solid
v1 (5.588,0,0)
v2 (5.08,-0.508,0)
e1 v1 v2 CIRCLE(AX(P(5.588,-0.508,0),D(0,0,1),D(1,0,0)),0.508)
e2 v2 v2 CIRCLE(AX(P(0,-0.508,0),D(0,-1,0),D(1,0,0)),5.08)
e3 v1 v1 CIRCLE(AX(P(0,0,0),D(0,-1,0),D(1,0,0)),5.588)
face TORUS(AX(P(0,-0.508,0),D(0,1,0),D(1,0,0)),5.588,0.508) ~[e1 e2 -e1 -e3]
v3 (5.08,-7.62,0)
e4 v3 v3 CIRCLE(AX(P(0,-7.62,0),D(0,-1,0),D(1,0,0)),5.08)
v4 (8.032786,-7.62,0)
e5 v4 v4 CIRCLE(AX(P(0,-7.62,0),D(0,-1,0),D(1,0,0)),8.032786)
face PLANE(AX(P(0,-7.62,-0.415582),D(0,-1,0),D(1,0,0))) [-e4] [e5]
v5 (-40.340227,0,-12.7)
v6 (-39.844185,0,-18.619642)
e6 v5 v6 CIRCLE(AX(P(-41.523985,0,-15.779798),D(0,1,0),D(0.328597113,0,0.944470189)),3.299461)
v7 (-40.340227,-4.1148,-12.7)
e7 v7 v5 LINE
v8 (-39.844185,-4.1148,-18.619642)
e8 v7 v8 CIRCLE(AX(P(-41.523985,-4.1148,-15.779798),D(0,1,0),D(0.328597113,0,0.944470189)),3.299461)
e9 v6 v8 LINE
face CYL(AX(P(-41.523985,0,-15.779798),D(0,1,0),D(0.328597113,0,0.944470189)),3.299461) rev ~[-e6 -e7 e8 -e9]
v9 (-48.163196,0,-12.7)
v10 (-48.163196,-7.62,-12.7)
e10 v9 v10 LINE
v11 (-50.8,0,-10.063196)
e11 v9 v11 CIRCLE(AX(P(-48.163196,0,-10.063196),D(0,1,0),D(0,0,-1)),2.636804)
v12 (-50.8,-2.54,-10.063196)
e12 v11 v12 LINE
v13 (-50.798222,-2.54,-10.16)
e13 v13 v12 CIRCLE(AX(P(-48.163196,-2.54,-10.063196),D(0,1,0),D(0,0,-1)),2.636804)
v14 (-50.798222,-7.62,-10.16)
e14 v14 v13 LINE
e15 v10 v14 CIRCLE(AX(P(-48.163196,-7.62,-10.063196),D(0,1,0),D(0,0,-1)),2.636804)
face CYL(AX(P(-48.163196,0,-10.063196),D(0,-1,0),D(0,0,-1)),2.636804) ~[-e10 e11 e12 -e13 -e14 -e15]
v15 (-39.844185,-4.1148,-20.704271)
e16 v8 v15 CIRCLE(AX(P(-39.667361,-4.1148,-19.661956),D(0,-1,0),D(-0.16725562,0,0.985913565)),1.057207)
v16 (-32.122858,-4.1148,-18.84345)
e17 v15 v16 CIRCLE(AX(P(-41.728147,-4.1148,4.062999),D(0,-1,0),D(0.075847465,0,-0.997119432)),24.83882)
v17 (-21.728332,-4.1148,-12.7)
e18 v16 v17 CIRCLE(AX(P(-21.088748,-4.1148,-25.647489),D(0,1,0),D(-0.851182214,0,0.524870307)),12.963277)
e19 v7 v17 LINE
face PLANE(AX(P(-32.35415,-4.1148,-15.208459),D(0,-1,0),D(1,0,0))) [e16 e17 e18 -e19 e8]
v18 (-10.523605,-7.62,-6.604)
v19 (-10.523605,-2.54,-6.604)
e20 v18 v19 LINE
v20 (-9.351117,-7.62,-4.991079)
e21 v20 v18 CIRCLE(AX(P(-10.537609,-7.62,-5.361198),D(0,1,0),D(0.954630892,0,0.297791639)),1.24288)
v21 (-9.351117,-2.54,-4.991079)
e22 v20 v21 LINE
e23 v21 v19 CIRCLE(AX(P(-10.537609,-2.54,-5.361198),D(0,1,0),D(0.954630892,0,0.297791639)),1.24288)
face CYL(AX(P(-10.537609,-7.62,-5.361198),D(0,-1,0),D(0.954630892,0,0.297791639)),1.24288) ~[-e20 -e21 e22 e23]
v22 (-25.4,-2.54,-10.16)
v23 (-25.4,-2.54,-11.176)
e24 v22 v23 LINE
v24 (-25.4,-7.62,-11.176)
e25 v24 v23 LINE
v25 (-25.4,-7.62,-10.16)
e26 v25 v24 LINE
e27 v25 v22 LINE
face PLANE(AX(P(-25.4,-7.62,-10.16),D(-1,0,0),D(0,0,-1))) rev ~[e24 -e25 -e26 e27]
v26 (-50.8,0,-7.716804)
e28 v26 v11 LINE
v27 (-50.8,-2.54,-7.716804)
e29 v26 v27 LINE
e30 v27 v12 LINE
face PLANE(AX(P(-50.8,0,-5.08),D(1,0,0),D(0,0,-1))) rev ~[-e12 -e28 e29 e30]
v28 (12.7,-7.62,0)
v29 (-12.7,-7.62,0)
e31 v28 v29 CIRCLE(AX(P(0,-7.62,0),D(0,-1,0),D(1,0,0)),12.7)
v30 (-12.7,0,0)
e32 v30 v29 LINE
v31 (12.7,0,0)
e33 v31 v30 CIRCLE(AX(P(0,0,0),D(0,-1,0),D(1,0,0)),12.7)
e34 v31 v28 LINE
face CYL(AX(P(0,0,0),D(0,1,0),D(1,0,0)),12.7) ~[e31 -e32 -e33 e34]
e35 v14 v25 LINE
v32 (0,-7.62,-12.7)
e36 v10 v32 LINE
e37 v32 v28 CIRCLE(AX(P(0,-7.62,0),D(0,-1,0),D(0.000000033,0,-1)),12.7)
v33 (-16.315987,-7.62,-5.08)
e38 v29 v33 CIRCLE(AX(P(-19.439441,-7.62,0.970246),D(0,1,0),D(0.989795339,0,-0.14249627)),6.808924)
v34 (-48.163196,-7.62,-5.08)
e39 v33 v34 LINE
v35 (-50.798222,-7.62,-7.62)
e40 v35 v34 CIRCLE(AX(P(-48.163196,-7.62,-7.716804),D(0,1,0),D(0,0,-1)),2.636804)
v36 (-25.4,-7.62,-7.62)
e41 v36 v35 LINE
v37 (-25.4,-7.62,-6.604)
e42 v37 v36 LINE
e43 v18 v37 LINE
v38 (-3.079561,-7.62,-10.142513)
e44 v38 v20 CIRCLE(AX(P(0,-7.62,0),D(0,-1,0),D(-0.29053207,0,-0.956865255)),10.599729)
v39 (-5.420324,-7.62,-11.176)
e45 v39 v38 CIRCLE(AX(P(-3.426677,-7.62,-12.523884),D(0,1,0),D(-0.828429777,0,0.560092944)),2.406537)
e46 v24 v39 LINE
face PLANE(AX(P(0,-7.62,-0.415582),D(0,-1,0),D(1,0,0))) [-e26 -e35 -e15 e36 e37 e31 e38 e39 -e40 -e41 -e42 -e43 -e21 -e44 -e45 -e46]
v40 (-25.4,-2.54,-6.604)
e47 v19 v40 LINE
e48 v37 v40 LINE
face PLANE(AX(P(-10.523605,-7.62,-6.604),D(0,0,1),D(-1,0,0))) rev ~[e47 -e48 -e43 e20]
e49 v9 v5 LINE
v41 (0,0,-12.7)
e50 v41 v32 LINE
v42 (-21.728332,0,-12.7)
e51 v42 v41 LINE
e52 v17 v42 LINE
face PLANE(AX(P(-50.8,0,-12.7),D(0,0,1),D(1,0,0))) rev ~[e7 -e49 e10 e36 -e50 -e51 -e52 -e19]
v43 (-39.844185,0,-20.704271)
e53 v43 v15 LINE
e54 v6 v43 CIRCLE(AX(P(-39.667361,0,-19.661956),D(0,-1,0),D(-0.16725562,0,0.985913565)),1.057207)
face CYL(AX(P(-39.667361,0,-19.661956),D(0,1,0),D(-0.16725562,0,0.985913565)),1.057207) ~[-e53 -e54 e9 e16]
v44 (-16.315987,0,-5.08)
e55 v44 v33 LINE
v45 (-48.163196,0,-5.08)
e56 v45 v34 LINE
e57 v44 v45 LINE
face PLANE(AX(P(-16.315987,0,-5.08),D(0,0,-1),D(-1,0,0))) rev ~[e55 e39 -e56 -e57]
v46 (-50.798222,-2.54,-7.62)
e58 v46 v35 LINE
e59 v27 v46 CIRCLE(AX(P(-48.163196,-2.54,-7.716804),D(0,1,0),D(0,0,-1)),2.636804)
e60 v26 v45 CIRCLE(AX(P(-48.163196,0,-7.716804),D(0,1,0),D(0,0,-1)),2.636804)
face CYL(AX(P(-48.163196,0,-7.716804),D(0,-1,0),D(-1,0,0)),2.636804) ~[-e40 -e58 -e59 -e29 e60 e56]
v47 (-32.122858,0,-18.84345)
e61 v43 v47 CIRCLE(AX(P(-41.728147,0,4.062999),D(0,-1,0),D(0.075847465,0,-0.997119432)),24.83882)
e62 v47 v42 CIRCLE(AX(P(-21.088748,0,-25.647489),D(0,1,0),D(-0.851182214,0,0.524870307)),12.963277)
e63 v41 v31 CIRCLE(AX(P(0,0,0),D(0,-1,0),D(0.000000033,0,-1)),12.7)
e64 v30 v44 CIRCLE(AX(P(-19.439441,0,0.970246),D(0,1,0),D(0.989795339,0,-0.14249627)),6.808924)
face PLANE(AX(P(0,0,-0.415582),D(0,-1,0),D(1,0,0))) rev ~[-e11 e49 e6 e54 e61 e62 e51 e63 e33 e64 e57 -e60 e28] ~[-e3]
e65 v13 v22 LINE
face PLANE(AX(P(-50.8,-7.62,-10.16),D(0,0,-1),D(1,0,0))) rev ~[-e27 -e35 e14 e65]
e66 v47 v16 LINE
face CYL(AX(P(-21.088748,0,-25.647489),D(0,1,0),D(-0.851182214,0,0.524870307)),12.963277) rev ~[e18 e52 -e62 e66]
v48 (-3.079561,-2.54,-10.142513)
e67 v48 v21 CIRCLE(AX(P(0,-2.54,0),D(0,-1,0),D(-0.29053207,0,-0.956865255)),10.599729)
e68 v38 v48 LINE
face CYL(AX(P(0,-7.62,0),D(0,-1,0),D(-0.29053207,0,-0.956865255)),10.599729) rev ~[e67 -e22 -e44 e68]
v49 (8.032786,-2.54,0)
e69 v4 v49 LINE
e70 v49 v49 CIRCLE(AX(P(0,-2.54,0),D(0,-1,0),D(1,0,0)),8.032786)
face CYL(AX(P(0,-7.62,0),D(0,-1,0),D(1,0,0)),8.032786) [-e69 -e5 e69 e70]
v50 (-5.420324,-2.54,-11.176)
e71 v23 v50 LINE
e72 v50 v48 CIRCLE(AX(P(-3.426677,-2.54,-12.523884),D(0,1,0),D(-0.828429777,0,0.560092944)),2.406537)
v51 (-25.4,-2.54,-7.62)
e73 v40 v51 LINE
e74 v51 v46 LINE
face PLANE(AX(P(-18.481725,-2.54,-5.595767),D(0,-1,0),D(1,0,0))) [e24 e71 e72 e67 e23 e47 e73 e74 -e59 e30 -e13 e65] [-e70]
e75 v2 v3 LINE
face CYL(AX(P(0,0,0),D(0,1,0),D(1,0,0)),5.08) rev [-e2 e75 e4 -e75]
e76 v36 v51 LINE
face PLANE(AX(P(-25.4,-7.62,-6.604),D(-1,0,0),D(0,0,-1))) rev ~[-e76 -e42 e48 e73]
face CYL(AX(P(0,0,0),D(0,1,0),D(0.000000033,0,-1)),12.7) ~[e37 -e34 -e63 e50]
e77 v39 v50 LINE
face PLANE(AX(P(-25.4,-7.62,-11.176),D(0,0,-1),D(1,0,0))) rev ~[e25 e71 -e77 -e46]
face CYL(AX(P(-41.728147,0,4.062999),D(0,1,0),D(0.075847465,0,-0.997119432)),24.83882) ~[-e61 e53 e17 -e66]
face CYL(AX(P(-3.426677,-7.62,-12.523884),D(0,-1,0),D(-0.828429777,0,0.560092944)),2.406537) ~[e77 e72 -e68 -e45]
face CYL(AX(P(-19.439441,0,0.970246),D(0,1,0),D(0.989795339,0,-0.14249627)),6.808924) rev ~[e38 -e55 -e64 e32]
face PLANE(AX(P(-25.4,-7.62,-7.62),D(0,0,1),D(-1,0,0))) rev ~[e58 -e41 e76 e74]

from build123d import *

# Parameters (mm, degrees)
F0_R     = 5.08
F1_DEPTH = 7.62
F2_R     = 8.032786
F3_DEPTH = 5.08
F4_R     = 2.636804
F5_R     = 0.508
F7_DEPTH = 4.1148


with BuildPart() as f1:
    # F0 (on Front) → F1 (new body)
    with BuildSketch(Plane.XZ):
        with BuildLine():
            ThreePointArc((0, -12.7), (8.980256, -8.980256), (12.7, 0))
            ThreePointArc((12.7, 0), (0, 12.7), (-12.7, 0))
            ThreePointArc((-12.7, 0), (-8.980256, -8.980256), (0, -12.7))
        make_face()
        Circle(F0_R, mode=Mode.SUBTRACT)
        with BuildLine():
            ThreePointArc((0, -12.7), (-8.980256, -8.980256), (-12.7, 0))
            ThreePointArc((-12.7, 0), (-13.8923, -2.978256), (-16.315987, -5.08))
            Line((-16.315987, -5.08), (-50.8, -5.08))
            Line((-50.8, -5.08), (-50.8, -12.7))
            Line((-50.8, -12.7), (0, -12.7))
        make_face()
    extrude(amount=F1_DEPTH)

    # F2 (on face) → F3 (cut)
    with BuildSketch(Plane.XZ.offset(7.62)):
        with BuildLine():
            Line((-25.4, -7.62), (-50.8, -7.62))
            Line((-50.8, -7.62), (-50.8, -10.16))
            Line((-50.8, -10.16), (-25.4, -10.16))
            Line((-25.4, -10.16), (-25.4, -11.176))
            Line((-25.4, -11.176), (-5.420324, -11.176))
            ThreePointArc((-5.420324, -11.176), (-4.39868, -10.322378), (-3.079561, -10.142513))
            ThreePointArc((-3.079561, -10.142513), (6.727909, 8.190818), (-9.351117, -4.991079))
            ThreePointArc((-9.351117, -4.991079), (-9.532285, -6.092003), (-10.523605, -6.604))
            Line((-10.523605, -6.604), (-10.551615, -6.604))
            Line((-10.551615, -6.604), (-25.4, -6.604))
            Line((-25.4, -6.604), (-25.4, -7.62))
        make_face()
        Circle(F2_R, mode=Mode.SUBTRACT)
    extrude(amount=-F3_DEPTH, mode=Mode.SUBTRACT)

    # F4
    f4_edges = [f1.edges().sort_by_distance(p)[0] for p in [
        (-50.8, -3.81, -5.08),
        (-50.8, -3.81, -12.7),
    ]]
    fillet(f4_edges, radius=F4_R)

    # F5
    f5_edges = [f1.edges().sort_by_distance(p)[0] for p in [
        (-5.08, 0, 0),
    ]]
    fillet(f5_edges, radius=F5_R)

    # F6 (on Front) → F7 (join)
    with BuildSketch(Plane.XZ):
        with BuildLine():
            ThreePointArc((-40.439792, -12.663556), (-38.240899, -15.451491), (-39.844185, -18.619642))
            ThreePointArc((-39.844185, -18.619642), (-40.724568, -19.661956), (-39.844185, -20.704271))
            ThreePointArc((-39.844185, -20.704271), (-35.908664, -20.084477), (-32.122858, -18.84345))
            ThreePointArc((-32.122858, -18.84345), (-27.401871, -14.325342), (-21.076703, -12.684218))
            Line((-21.076703, -12.684218), (-40.439792, -12.663556))
        make_face()
    extrude(amount=F7_DEPTH)


solid = f1.part
